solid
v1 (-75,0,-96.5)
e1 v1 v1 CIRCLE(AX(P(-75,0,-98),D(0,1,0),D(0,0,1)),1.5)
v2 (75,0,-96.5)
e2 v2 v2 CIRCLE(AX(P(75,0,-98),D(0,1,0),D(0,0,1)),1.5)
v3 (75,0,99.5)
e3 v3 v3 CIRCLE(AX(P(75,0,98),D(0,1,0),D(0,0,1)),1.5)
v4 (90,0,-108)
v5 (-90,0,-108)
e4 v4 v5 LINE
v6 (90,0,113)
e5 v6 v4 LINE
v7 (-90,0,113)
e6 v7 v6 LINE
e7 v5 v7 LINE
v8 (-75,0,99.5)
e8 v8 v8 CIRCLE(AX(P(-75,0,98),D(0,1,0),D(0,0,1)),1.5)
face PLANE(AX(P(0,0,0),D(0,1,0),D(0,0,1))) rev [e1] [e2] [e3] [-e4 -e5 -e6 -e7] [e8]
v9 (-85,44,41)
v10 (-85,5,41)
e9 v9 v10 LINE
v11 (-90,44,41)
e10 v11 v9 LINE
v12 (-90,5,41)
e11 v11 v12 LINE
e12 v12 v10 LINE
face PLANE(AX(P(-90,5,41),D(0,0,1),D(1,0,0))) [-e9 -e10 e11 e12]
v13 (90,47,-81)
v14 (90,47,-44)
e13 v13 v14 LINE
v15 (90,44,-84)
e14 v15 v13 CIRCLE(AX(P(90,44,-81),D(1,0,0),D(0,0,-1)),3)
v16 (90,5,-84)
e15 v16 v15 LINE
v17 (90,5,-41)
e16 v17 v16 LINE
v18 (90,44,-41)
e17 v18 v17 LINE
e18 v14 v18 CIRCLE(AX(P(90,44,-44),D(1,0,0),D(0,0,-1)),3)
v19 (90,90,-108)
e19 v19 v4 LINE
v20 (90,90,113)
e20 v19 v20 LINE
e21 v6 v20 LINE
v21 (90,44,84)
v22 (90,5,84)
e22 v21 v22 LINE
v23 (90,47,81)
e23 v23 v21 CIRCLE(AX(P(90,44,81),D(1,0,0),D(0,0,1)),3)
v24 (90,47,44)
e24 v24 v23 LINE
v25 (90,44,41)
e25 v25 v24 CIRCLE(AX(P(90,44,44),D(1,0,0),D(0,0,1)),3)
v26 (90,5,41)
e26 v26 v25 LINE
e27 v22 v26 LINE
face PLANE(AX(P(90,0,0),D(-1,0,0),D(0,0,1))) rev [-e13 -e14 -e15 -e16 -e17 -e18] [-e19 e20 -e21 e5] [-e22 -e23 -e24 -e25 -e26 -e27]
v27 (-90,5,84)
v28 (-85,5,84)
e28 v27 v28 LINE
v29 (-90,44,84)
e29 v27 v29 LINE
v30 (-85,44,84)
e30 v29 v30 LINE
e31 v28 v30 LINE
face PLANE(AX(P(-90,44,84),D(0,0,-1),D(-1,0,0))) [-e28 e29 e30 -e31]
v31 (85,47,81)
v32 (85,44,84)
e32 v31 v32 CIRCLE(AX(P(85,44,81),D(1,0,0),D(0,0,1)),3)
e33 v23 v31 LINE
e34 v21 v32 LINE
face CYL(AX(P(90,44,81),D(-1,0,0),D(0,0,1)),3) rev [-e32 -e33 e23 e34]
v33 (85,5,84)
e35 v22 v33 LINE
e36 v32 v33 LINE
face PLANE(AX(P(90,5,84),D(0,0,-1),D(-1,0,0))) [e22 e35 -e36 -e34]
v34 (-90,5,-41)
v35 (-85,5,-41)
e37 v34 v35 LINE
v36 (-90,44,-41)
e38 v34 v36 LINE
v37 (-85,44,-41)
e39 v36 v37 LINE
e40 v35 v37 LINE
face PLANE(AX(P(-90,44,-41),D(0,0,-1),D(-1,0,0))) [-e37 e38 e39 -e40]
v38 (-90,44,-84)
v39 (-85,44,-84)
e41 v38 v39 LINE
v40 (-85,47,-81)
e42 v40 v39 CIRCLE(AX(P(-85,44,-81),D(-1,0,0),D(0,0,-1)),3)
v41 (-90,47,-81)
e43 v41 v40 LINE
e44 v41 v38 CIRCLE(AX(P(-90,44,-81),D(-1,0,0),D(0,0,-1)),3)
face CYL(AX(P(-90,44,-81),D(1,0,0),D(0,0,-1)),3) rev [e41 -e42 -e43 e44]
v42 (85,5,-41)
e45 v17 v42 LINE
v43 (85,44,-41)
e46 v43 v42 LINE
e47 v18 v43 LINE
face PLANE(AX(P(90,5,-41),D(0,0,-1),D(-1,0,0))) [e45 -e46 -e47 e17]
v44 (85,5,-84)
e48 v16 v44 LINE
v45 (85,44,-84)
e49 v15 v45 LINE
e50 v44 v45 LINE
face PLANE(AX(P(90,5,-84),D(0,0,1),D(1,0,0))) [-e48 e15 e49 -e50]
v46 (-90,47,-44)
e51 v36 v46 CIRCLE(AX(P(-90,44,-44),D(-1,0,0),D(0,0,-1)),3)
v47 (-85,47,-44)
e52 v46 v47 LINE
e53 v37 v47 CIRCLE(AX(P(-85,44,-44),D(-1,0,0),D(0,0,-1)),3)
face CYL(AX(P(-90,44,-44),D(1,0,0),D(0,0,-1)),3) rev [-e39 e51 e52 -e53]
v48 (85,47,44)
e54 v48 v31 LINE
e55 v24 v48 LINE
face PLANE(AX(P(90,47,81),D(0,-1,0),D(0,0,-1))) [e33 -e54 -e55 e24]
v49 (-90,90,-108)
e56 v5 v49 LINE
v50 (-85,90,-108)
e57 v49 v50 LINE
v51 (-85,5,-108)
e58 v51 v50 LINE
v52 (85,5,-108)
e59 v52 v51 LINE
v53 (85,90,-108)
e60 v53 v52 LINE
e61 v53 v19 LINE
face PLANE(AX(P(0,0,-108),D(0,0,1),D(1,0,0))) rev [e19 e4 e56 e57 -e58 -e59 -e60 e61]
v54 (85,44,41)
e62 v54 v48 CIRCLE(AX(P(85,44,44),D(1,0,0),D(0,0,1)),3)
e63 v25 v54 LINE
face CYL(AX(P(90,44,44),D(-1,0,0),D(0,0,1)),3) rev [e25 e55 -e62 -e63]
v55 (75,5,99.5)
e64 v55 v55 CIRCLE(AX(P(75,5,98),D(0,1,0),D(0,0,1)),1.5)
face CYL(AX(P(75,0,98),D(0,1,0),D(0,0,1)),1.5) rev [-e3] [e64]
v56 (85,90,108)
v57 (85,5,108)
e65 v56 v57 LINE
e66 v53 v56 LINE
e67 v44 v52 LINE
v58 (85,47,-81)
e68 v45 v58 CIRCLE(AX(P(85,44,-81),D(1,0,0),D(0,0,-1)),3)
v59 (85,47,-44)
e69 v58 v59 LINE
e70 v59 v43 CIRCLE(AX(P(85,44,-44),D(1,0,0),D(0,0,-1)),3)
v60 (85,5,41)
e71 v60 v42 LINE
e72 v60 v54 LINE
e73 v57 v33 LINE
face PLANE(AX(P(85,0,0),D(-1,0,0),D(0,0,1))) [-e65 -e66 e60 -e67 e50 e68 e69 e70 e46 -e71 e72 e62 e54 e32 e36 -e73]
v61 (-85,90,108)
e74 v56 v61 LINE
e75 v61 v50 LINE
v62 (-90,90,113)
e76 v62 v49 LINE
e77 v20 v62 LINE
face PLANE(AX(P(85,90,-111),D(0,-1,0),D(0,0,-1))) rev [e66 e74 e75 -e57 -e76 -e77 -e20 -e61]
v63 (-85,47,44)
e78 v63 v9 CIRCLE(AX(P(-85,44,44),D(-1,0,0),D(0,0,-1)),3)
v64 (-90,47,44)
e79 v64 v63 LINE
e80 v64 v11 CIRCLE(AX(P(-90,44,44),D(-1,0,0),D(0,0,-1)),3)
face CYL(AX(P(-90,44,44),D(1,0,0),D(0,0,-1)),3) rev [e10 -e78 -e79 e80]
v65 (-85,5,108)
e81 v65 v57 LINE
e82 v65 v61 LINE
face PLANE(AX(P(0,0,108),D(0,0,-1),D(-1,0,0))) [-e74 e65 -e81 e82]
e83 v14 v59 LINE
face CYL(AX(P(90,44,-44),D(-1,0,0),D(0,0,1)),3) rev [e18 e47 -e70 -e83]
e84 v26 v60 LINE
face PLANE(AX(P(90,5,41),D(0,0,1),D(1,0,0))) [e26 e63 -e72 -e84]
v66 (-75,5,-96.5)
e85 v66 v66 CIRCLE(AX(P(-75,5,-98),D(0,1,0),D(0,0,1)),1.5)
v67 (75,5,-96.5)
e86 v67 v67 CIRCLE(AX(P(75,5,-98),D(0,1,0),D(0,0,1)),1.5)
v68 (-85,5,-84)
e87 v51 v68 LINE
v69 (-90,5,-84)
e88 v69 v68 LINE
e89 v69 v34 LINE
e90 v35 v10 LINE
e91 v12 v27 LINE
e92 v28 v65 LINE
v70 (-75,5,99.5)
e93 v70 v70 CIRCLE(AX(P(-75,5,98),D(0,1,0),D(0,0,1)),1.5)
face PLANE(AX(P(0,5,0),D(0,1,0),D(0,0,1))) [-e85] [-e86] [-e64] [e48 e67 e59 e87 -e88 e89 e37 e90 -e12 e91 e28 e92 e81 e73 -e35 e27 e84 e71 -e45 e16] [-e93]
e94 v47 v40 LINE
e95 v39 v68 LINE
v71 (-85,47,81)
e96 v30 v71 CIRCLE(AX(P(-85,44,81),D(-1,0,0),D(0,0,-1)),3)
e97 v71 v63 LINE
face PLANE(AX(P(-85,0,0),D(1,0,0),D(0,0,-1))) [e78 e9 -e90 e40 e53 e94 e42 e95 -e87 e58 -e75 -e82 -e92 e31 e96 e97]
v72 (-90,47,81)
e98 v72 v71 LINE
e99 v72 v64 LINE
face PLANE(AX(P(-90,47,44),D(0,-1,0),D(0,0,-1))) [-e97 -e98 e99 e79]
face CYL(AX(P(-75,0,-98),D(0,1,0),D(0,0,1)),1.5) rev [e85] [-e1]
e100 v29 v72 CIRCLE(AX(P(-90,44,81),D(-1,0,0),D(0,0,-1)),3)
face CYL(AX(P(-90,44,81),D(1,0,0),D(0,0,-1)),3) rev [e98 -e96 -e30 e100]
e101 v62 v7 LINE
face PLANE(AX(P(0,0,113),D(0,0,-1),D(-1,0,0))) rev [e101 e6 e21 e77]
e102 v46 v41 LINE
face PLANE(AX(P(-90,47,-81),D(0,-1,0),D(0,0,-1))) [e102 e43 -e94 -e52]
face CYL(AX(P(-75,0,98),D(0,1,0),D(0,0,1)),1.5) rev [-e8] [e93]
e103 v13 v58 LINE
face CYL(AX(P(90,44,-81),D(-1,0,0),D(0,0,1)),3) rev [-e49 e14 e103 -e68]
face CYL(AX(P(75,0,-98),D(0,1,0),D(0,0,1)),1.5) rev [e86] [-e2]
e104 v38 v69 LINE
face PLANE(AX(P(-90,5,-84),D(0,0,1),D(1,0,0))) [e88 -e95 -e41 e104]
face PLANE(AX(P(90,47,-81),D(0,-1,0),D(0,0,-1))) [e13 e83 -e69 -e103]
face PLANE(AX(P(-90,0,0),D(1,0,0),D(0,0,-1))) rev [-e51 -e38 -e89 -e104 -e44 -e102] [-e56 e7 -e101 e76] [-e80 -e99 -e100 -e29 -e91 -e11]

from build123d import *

# Parameters (mm, degrees)
SKETCH1_W           = 170
SKETCH1_H           = 216
BOSS_EXTRUDE1_DEPTH = 5
SKETCH2_R           = 1.5
CUT_EXTRUDE1_DEPTH  = 138.528178931
SKETCH9_W           = 170
SKETCH9_H           = 90
BOSS_EXTRUDE2_DEPTH = 3
SKETCH10_W          = 219
SKETCH10_H          = 90
BOSS_EXTRUDE3_DEPTH = 5
BOSS_EXTRUDE5_START = 5
SKETCH11_W          = 219
SKETCH11_H          = 90
BOSS_EXTRUDE5_DEPTH = 5
SKETCH14_W          = 180
SKETCH14_H          = 90
CUT_EXTRUDE2_DEPTH  = 3
SKETCH15_W          = 180
SKETCH15_H          = 90
BOSS_EXTRUDE6_DEPTH = 5


with BuildPart() as part:
    # Sketch1 → Boss-Extrude1 (new body)
    with BuildSketch(Plane(origin=(0, 0, 0), x_dir=(1, 0, 0), z_dir=(0, 1, 0))):
        Rectangle(SKETCH1_W, SKETCH1_H)
    extrude(amount=BOSS_EXTRUDE1_DEPTH)

    # Sketch2 → Cut-Extrude1 (cut, through all)
    with BuildSketch(Plane(origin=(0, 5, 0), x_dir=(1, 0, 0), z_dir=(0, 1, 0))):
        with Locations(Location((-75, 98, 0), (0, 0, 270))):
            Circle(SKETCH2_R)
        with Locations(Location((75, 98, 0), (0, 0, 270))):
            Circle(SKETCH2_R)
        with Locations(Location((-75, -98, 0), (0, 0, 270))):
            Circle(SKETCH2_R)
        with Locations(Location((75, -98, 0), (0, 0, 270))):
            Circle(SKETCH2_R)
    extrude(amount=-CUT_EXTRUDE1_DEPTH, mode=Mode.SUBTRACT)

    # Sketch9 → Boss-Extrude2 (add)
    with BuildSketch(Plane(origin=(0, 0, -108), x_dir=(-1, 0, 0), z_dir=(0, 0, -1))):
        with Locations((0, 45)):
            Rectangle(SKETCH9_W, SKETCH9_H)
    extrude(amount=BOSS_EXTRUDE2_DEPTH)

    # Sketch10 → Boss-Extrude3 (add)
    with BuildSketch(Plane(origin=(85, 0, 0), x_dir=(0, 0, -1), z_dir=(1, 0, 0))):
        with Locations((1.5, 45)):
            Rectangle(SKETCH10_W, SKETCH10_H)
        with BuildLine():
            Line((-84, 5), (-41, 5))
            Line((-41, 5), (-41, 44))
            ThreePointArc((-41, 44), (-41.878679656, 46.121320344), (-44, 47))
            Line((-44, 47), (-81, 47))
            ThreePointArc((-81, 47), (-83.121320344, 46.121320344), (-84, 44))
            Line((-84, 44), (-84, 5))
        make_face(mode=Mode.SUBTRACT)
        with BuildLine():
            Line((84, 5), (41, 5))
            Line((41, 5), (41, 44))
            ThreePointArc((41, 44), (41.878679656, 46.121320344), (44, 47))
            Line((44, 47), (81, 47))
            ThreePointArc((81, 47), (83.121320344, 46.121320344), (84, 44))
            Line((84, 44), (84, 5))
        make_face(mode=Mode.SUBTRACT)
    extrude(amount=BOSS_EXTRUDE3_DEPTH)

    # Sketch11 → Boss-Extrude5 (add)
    with BuildSketch(Plane.ZY.offset(85).offset(BOSS_EXTRUDE5_START)):
        with Locations((-1.5, 45)):
            Rectangle(SKETCH11_W, SKETCH11_H)
        with BuildLine():
            Line((-84, 5), (-84, 44))
            ThreePointArc((-84, 44), (-83.121320344, 46.121320344), (-81, 47))
            Line((-81, 47), (-44, 47))
            ThreePointArc((-44, 47), (-41.878679656, 46.121320344), (-41, 44))
            Line((-41, 44), (-41, 5))
            Line((-41, 5), (-84, 5))
        make_face(mode=Mode.SUBTRACT)
        with BuildLine():
            Line((41, 5), (41, 44))
            ThreePointArc((41, 44), (41.878679656, 46.121320344), (44, 47))
            Line((44, 47), (81, 47))
            ThreePointArc((81, 47), (83.121320344, 46.121320344), (84, 44))
            Line((84, 44), (84, 5))
            Line((84, 5), (41, 5))
        make_face(mode=Mode.SUBTRACT)
    extrude(amount=-BOSS_EXTRUDE5_DEPTH)

    # Sketch14 → Cut-Extrude2 (cut)
    with BuildSketch(Plane(origin=(0, 0, -111), x_dir=(-1, 0, 0), z_dir=(0, 0, -1))):
        with Locations((0, 45)):
            Rectangle(SKETCH14_W, SKETCH14_H)
    extrude(amount=-CUT_EXTRUDE2_DEPTH, mode=Mode.SUBTRACT)

    # Sketch15 → Boss-Extrude6 (add)
    with BuildSketch(Plane.XY.offset(108)):
        with Locations((0, 45)):
            Rectangle(SKETCH15_W, SKETCH15_H)
    extrude(amount=BOSS_EXTRUDE6_DEPTH)


solid = part.part
